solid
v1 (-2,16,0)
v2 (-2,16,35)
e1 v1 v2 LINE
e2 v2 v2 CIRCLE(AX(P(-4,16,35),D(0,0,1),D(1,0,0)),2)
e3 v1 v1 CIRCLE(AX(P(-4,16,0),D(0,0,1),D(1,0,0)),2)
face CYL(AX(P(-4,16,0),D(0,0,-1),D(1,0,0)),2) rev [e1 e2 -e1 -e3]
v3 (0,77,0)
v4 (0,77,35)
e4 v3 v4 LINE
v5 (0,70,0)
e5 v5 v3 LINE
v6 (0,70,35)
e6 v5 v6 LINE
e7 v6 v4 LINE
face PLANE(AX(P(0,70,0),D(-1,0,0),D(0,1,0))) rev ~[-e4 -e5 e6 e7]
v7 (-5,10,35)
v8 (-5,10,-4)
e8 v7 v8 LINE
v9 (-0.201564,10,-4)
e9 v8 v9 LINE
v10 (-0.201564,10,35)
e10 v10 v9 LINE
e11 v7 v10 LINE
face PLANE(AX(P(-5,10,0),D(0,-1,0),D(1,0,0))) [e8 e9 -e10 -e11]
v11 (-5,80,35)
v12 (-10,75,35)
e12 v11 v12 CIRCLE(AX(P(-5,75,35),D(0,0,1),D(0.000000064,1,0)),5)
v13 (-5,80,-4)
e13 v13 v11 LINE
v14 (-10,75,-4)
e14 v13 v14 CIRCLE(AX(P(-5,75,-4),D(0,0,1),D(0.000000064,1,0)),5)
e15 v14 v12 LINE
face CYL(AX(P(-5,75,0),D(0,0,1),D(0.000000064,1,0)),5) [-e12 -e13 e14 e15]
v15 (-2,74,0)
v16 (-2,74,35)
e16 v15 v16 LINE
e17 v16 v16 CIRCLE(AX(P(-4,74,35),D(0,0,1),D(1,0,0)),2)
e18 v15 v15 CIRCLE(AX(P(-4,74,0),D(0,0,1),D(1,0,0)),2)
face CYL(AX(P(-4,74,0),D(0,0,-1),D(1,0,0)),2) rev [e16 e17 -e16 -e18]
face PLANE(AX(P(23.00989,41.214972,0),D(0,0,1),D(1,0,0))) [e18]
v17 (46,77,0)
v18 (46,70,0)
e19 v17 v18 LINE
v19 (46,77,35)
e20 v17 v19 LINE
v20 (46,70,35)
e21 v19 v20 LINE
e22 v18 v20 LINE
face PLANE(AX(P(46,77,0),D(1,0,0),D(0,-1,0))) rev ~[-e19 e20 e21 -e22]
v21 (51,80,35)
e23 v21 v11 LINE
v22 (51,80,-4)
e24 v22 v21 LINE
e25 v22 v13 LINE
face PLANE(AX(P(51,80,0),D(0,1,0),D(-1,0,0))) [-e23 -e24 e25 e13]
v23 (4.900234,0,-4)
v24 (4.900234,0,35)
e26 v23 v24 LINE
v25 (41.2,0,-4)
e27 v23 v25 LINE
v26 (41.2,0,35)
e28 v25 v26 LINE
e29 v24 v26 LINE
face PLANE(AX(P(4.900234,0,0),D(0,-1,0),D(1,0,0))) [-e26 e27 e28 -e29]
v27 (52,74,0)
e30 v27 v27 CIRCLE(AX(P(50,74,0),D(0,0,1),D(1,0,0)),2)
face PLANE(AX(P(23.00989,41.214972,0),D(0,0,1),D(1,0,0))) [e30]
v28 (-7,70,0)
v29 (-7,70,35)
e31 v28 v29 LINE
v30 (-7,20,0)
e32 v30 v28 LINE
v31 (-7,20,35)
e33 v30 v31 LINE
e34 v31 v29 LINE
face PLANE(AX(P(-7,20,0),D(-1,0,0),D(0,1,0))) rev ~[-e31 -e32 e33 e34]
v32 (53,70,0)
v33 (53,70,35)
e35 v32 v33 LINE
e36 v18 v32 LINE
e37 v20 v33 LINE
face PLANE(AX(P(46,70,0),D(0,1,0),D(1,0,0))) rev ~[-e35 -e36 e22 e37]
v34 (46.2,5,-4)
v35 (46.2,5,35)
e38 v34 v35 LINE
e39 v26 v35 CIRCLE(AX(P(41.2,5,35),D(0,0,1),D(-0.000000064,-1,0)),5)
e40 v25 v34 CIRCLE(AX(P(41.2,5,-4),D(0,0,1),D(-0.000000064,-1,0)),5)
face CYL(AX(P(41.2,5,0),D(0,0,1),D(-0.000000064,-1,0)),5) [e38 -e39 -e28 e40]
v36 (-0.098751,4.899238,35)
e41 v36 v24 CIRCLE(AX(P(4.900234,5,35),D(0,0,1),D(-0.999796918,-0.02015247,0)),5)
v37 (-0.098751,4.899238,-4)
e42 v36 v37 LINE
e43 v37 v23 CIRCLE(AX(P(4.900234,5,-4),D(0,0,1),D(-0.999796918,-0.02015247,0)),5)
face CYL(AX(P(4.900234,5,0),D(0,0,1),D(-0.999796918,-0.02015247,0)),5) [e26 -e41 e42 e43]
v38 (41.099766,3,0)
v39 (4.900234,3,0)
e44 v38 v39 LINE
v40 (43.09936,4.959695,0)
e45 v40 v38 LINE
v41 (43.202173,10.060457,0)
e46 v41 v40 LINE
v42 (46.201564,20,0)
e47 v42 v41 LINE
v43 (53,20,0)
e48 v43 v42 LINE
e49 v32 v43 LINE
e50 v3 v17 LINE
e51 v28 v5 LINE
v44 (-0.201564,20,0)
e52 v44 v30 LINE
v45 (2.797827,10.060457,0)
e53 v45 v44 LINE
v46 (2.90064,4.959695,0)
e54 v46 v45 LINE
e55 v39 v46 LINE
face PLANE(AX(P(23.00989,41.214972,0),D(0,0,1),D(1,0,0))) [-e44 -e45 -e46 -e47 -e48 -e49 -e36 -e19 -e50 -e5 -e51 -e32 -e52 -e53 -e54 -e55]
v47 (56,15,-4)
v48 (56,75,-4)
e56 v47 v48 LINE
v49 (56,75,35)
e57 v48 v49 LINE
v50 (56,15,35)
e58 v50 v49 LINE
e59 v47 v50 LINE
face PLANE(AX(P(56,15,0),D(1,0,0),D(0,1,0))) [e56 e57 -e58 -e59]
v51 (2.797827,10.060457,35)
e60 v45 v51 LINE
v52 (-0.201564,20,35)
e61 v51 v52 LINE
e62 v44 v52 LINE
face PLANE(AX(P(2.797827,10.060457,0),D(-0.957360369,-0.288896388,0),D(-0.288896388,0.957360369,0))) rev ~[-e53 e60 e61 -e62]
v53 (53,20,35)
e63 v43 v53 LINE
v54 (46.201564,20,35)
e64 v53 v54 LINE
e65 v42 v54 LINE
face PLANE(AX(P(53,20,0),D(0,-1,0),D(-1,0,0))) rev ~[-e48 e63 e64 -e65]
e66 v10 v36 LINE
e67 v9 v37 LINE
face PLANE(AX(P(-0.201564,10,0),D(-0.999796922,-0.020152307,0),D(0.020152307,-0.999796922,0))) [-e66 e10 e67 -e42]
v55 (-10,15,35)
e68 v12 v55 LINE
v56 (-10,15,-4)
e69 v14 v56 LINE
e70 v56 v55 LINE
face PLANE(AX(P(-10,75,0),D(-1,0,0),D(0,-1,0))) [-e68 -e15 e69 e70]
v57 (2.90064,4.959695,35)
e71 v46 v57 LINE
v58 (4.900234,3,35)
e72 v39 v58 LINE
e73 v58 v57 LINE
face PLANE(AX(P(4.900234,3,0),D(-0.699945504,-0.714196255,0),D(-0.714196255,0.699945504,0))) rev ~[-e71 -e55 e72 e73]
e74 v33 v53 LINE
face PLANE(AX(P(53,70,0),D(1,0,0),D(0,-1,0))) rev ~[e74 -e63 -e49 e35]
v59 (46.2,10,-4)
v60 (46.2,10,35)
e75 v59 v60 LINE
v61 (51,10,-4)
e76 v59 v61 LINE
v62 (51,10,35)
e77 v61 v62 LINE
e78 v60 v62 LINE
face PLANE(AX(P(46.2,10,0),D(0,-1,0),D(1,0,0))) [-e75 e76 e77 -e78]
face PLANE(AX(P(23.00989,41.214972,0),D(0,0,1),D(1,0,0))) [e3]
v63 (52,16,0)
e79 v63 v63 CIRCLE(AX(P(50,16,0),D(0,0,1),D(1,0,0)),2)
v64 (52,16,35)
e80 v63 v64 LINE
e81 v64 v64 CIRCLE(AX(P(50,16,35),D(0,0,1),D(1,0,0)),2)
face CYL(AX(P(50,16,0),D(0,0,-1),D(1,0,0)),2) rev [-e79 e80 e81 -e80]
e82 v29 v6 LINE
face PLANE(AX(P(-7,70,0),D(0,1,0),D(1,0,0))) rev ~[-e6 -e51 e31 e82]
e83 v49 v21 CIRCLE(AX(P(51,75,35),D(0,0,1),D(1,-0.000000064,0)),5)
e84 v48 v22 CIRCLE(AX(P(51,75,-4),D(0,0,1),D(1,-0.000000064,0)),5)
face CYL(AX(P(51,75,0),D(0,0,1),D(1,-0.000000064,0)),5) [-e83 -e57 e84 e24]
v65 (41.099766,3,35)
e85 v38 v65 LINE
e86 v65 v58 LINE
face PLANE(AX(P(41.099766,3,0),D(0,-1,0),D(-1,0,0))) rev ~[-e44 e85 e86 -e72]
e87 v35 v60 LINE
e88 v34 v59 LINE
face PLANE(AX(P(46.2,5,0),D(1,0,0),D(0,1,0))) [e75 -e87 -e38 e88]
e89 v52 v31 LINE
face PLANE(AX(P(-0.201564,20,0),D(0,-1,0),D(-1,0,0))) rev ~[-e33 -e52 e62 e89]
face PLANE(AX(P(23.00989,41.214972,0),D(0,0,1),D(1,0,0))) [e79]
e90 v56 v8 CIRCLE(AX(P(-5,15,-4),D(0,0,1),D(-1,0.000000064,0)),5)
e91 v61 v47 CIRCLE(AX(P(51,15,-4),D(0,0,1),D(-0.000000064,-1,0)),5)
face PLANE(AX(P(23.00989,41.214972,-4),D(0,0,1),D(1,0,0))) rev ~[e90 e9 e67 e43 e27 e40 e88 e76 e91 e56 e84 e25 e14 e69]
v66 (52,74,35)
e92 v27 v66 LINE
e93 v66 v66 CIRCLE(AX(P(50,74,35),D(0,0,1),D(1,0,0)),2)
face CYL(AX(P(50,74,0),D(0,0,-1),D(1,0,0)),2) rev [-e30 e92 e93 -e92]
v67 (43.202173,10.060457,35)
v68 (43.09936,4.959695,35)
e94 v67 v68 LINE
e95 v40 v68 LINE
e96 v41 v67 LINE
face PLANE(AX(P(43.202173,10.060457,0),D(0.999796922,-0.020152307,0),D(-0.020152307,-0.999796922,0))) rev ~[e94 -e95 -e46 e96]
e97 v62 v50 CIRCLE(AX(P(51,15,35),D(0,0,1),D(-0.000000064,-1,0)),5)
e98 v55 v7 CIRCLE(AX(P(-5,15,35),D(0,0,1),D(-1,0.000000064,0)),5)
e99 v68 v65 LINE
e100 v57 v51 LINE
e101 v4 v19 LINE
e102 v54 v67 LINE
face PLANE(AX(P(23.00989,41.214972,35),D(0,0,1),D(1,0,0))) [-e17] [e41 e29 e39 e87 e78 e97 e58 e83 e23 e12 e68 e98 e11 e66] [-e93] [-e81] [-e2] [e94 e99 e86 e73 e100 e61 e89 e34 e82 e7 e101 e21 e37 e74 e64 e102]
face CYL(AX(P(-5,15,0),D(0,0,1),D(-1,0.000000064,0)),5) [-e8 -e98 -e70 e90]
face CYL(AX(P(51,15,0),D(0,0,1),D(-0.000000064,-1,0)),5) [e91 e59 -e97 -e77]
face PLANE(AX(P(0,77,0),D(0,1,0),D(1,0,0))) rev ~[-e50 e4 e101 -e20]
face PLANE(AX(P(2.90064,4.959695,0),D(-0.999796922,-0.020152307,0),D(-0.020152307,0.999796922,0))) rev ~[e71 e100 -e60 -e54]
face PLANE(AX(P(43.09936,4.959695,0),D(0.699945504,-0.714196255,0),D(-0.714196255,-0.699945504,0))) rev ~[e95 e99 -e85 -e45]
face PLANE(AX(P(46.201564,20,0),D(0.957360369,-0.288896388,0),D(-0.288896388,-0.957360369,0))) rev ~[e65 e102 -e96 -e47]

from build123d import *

# Parameters (mm, degrees)
F0_R     = 2
F1_DEPTH = 35
F2_DEPTH = 4


with BuildPart() as f1:
    # F0 (on Top) → F1 (new body)
    with BuildSketch(Plane.XY):
        with BuildLine():
            ThreePointArc((-0.098751, 4.899238), (1.400506, 1.429019), (4.900234, 0))
            Line((4.900234, 0), (41.2, 0))
            ThreePointArc((41.2, 0), (44.735534, 1.464466), (46.2, 5))
            Line((46.2, 5), (46.2, 10))
            Line((46.2, 10), (51, 10))
            ThreePointArc((51, 10), (54.535534, 11.464466), (56, 15))
            Line((56, 15), (56, 30))
            Line((56, 30), (56, 75))
            ThreePointArc((56, 75), (54.535534, 78.535534), (51, 80))
            Line((51, 80), (-5, 80))
            ThreePointArc((-5, 80), (-8.535534, 78.535534), (-10, 75))
            Line((-10, 75), (-10, 30))
            Line((-10, 30), (-10, 15))
            ThreePointArc((-10, 15), (-8.535534, 11.464466), (-5, 10))
            Line((-5, 10), (-0.201564, 10))
            Line((-0.201564, 10), (-0.098751, 4.899238))
        make_face()
        with Locations((-4, 16)):
            Circle(F0_R, mode=Mode.SUBTRACT)
        with Locations((50, 16)):
            Circle(F0_R, mode=Mode.SUBTRACT)
        with Locations((-4, 74)):
            Circle(F0_R, mode=Mode.SUBTRACT)
        Polygon((-7, 30), (-7, 70), (0, 70), (0, 77), (23, 77), (46, 77), (46, 70), (53, 70), (53, 30), (53, 20), (46.201564, 20), (43.202173, 10.060457), (43.09936, 4.959695), (41.099766, 3), (23.1, 3), (22.9, 3), (4.900234, 3), (2.90064, 4.959695), (2.797827, 10.060457), (-0.201564, 20), (-7, 20), align=None, mode=Mode.SUBTRACT)
        with Locations((50, 74)):
            Circle(F0_R, mode=Mode.SUBTRACT)
    extrude(amount=F1_DEPTH)

    # F0 (on Top) → F2 (join)
    with BuildSketch(Plane.XY):
        with BuildLine():
            ThreePointArc((-0.098751, 4.899238), (1.400506, 1.429019), (4.900234, 0))
            Line((4.900234, 0), (41.2, 0))
            ThreePointArc((41.2, 0), (44.735534, 1.464466), (46.2, 5))
            Line((46.2, 5), (46.2, 10))
            Line((46.2, 10), (51, 10))
            ThreePointArc((51, 10), (54.535534, 11.464466), (56, 15))
            Line((56, 15), (56, 30))
            Line((56, 30), (56, 75))
            ThreePointArc((56, 75), (54.535534, 78.535534), (51, 80))
            Line((51, 80), (-5, 80))
            ThreePointArc((-5, 80), (-8.535534, 78.535534), (-10, 75))
            Line((-10, 75), (-10, 30))
            Line((-10, 30), (-10, 15))
            ThreePointArc((-10, 15), (-8.535534, 11.464466), (-5, 10))
            Line((-5, 10), (-0.201564, 10))
            Line((-0.201564, 10), (-0.098751, 4.899238))
        make_face()
        with Locations((-4, 16)):
            Circle(F0_R, mode=Mode.SUBTRACT)
        with Locations((50, 16)):
            Circle(F0_R, mode=Mode.SUBTRACT)
        with Locations((-4, 74)):
            Circle(F0_R, mode=Mode.SUBTRACT)
        Polygon((-7, 30), (-7, 70), (0, 70), (0, 77), (23, 77), (46, 77), (46, 70), (53, 70), (53, 30), (53, 20), (46.201564, 20), (43.202173, 10.060457), (43.09936, 4.959695), (41.099766, 3), (23.1, 3), (22.9, 3), (4.900234, 3), (2.90064, 4.959695), (2.797827, 10.060457), (-0.201564, 20), (-7, 20), align=None, mode=Mode.SUBTRACT)
        with Locations((50, 74)):
            Circle(F0_R, mode=Mode.SUBTRACT)
        Polygon((0, 70), (-7, 70), (-7, 30), (-7, 20), (-0.201564, 20), (2.797827, 10.060457), (2.90064, 4.959695), (4.900234, 3), (22.9, 3), (23.1, 3), (41.099766, 3), (43.09936, 4.959695), (43.202173, 10.060457), (46.201564, 20), (53, 20), (53, 30), (53, 70), (46, 70), (46, 77), (23, 77), (0, 77), align=None)
        with Locations((50, 74)):
            Circle(F0_R)
        with Locations((-4, 74)):
            Circle(F0_R)
        with Locations((-4, 16)):
            Circle(F0_R)
        with Locations((50, 16)):
            Circle(F0_R)
    extrude(amount=-F2_DEPTH)


solid = f1.part
